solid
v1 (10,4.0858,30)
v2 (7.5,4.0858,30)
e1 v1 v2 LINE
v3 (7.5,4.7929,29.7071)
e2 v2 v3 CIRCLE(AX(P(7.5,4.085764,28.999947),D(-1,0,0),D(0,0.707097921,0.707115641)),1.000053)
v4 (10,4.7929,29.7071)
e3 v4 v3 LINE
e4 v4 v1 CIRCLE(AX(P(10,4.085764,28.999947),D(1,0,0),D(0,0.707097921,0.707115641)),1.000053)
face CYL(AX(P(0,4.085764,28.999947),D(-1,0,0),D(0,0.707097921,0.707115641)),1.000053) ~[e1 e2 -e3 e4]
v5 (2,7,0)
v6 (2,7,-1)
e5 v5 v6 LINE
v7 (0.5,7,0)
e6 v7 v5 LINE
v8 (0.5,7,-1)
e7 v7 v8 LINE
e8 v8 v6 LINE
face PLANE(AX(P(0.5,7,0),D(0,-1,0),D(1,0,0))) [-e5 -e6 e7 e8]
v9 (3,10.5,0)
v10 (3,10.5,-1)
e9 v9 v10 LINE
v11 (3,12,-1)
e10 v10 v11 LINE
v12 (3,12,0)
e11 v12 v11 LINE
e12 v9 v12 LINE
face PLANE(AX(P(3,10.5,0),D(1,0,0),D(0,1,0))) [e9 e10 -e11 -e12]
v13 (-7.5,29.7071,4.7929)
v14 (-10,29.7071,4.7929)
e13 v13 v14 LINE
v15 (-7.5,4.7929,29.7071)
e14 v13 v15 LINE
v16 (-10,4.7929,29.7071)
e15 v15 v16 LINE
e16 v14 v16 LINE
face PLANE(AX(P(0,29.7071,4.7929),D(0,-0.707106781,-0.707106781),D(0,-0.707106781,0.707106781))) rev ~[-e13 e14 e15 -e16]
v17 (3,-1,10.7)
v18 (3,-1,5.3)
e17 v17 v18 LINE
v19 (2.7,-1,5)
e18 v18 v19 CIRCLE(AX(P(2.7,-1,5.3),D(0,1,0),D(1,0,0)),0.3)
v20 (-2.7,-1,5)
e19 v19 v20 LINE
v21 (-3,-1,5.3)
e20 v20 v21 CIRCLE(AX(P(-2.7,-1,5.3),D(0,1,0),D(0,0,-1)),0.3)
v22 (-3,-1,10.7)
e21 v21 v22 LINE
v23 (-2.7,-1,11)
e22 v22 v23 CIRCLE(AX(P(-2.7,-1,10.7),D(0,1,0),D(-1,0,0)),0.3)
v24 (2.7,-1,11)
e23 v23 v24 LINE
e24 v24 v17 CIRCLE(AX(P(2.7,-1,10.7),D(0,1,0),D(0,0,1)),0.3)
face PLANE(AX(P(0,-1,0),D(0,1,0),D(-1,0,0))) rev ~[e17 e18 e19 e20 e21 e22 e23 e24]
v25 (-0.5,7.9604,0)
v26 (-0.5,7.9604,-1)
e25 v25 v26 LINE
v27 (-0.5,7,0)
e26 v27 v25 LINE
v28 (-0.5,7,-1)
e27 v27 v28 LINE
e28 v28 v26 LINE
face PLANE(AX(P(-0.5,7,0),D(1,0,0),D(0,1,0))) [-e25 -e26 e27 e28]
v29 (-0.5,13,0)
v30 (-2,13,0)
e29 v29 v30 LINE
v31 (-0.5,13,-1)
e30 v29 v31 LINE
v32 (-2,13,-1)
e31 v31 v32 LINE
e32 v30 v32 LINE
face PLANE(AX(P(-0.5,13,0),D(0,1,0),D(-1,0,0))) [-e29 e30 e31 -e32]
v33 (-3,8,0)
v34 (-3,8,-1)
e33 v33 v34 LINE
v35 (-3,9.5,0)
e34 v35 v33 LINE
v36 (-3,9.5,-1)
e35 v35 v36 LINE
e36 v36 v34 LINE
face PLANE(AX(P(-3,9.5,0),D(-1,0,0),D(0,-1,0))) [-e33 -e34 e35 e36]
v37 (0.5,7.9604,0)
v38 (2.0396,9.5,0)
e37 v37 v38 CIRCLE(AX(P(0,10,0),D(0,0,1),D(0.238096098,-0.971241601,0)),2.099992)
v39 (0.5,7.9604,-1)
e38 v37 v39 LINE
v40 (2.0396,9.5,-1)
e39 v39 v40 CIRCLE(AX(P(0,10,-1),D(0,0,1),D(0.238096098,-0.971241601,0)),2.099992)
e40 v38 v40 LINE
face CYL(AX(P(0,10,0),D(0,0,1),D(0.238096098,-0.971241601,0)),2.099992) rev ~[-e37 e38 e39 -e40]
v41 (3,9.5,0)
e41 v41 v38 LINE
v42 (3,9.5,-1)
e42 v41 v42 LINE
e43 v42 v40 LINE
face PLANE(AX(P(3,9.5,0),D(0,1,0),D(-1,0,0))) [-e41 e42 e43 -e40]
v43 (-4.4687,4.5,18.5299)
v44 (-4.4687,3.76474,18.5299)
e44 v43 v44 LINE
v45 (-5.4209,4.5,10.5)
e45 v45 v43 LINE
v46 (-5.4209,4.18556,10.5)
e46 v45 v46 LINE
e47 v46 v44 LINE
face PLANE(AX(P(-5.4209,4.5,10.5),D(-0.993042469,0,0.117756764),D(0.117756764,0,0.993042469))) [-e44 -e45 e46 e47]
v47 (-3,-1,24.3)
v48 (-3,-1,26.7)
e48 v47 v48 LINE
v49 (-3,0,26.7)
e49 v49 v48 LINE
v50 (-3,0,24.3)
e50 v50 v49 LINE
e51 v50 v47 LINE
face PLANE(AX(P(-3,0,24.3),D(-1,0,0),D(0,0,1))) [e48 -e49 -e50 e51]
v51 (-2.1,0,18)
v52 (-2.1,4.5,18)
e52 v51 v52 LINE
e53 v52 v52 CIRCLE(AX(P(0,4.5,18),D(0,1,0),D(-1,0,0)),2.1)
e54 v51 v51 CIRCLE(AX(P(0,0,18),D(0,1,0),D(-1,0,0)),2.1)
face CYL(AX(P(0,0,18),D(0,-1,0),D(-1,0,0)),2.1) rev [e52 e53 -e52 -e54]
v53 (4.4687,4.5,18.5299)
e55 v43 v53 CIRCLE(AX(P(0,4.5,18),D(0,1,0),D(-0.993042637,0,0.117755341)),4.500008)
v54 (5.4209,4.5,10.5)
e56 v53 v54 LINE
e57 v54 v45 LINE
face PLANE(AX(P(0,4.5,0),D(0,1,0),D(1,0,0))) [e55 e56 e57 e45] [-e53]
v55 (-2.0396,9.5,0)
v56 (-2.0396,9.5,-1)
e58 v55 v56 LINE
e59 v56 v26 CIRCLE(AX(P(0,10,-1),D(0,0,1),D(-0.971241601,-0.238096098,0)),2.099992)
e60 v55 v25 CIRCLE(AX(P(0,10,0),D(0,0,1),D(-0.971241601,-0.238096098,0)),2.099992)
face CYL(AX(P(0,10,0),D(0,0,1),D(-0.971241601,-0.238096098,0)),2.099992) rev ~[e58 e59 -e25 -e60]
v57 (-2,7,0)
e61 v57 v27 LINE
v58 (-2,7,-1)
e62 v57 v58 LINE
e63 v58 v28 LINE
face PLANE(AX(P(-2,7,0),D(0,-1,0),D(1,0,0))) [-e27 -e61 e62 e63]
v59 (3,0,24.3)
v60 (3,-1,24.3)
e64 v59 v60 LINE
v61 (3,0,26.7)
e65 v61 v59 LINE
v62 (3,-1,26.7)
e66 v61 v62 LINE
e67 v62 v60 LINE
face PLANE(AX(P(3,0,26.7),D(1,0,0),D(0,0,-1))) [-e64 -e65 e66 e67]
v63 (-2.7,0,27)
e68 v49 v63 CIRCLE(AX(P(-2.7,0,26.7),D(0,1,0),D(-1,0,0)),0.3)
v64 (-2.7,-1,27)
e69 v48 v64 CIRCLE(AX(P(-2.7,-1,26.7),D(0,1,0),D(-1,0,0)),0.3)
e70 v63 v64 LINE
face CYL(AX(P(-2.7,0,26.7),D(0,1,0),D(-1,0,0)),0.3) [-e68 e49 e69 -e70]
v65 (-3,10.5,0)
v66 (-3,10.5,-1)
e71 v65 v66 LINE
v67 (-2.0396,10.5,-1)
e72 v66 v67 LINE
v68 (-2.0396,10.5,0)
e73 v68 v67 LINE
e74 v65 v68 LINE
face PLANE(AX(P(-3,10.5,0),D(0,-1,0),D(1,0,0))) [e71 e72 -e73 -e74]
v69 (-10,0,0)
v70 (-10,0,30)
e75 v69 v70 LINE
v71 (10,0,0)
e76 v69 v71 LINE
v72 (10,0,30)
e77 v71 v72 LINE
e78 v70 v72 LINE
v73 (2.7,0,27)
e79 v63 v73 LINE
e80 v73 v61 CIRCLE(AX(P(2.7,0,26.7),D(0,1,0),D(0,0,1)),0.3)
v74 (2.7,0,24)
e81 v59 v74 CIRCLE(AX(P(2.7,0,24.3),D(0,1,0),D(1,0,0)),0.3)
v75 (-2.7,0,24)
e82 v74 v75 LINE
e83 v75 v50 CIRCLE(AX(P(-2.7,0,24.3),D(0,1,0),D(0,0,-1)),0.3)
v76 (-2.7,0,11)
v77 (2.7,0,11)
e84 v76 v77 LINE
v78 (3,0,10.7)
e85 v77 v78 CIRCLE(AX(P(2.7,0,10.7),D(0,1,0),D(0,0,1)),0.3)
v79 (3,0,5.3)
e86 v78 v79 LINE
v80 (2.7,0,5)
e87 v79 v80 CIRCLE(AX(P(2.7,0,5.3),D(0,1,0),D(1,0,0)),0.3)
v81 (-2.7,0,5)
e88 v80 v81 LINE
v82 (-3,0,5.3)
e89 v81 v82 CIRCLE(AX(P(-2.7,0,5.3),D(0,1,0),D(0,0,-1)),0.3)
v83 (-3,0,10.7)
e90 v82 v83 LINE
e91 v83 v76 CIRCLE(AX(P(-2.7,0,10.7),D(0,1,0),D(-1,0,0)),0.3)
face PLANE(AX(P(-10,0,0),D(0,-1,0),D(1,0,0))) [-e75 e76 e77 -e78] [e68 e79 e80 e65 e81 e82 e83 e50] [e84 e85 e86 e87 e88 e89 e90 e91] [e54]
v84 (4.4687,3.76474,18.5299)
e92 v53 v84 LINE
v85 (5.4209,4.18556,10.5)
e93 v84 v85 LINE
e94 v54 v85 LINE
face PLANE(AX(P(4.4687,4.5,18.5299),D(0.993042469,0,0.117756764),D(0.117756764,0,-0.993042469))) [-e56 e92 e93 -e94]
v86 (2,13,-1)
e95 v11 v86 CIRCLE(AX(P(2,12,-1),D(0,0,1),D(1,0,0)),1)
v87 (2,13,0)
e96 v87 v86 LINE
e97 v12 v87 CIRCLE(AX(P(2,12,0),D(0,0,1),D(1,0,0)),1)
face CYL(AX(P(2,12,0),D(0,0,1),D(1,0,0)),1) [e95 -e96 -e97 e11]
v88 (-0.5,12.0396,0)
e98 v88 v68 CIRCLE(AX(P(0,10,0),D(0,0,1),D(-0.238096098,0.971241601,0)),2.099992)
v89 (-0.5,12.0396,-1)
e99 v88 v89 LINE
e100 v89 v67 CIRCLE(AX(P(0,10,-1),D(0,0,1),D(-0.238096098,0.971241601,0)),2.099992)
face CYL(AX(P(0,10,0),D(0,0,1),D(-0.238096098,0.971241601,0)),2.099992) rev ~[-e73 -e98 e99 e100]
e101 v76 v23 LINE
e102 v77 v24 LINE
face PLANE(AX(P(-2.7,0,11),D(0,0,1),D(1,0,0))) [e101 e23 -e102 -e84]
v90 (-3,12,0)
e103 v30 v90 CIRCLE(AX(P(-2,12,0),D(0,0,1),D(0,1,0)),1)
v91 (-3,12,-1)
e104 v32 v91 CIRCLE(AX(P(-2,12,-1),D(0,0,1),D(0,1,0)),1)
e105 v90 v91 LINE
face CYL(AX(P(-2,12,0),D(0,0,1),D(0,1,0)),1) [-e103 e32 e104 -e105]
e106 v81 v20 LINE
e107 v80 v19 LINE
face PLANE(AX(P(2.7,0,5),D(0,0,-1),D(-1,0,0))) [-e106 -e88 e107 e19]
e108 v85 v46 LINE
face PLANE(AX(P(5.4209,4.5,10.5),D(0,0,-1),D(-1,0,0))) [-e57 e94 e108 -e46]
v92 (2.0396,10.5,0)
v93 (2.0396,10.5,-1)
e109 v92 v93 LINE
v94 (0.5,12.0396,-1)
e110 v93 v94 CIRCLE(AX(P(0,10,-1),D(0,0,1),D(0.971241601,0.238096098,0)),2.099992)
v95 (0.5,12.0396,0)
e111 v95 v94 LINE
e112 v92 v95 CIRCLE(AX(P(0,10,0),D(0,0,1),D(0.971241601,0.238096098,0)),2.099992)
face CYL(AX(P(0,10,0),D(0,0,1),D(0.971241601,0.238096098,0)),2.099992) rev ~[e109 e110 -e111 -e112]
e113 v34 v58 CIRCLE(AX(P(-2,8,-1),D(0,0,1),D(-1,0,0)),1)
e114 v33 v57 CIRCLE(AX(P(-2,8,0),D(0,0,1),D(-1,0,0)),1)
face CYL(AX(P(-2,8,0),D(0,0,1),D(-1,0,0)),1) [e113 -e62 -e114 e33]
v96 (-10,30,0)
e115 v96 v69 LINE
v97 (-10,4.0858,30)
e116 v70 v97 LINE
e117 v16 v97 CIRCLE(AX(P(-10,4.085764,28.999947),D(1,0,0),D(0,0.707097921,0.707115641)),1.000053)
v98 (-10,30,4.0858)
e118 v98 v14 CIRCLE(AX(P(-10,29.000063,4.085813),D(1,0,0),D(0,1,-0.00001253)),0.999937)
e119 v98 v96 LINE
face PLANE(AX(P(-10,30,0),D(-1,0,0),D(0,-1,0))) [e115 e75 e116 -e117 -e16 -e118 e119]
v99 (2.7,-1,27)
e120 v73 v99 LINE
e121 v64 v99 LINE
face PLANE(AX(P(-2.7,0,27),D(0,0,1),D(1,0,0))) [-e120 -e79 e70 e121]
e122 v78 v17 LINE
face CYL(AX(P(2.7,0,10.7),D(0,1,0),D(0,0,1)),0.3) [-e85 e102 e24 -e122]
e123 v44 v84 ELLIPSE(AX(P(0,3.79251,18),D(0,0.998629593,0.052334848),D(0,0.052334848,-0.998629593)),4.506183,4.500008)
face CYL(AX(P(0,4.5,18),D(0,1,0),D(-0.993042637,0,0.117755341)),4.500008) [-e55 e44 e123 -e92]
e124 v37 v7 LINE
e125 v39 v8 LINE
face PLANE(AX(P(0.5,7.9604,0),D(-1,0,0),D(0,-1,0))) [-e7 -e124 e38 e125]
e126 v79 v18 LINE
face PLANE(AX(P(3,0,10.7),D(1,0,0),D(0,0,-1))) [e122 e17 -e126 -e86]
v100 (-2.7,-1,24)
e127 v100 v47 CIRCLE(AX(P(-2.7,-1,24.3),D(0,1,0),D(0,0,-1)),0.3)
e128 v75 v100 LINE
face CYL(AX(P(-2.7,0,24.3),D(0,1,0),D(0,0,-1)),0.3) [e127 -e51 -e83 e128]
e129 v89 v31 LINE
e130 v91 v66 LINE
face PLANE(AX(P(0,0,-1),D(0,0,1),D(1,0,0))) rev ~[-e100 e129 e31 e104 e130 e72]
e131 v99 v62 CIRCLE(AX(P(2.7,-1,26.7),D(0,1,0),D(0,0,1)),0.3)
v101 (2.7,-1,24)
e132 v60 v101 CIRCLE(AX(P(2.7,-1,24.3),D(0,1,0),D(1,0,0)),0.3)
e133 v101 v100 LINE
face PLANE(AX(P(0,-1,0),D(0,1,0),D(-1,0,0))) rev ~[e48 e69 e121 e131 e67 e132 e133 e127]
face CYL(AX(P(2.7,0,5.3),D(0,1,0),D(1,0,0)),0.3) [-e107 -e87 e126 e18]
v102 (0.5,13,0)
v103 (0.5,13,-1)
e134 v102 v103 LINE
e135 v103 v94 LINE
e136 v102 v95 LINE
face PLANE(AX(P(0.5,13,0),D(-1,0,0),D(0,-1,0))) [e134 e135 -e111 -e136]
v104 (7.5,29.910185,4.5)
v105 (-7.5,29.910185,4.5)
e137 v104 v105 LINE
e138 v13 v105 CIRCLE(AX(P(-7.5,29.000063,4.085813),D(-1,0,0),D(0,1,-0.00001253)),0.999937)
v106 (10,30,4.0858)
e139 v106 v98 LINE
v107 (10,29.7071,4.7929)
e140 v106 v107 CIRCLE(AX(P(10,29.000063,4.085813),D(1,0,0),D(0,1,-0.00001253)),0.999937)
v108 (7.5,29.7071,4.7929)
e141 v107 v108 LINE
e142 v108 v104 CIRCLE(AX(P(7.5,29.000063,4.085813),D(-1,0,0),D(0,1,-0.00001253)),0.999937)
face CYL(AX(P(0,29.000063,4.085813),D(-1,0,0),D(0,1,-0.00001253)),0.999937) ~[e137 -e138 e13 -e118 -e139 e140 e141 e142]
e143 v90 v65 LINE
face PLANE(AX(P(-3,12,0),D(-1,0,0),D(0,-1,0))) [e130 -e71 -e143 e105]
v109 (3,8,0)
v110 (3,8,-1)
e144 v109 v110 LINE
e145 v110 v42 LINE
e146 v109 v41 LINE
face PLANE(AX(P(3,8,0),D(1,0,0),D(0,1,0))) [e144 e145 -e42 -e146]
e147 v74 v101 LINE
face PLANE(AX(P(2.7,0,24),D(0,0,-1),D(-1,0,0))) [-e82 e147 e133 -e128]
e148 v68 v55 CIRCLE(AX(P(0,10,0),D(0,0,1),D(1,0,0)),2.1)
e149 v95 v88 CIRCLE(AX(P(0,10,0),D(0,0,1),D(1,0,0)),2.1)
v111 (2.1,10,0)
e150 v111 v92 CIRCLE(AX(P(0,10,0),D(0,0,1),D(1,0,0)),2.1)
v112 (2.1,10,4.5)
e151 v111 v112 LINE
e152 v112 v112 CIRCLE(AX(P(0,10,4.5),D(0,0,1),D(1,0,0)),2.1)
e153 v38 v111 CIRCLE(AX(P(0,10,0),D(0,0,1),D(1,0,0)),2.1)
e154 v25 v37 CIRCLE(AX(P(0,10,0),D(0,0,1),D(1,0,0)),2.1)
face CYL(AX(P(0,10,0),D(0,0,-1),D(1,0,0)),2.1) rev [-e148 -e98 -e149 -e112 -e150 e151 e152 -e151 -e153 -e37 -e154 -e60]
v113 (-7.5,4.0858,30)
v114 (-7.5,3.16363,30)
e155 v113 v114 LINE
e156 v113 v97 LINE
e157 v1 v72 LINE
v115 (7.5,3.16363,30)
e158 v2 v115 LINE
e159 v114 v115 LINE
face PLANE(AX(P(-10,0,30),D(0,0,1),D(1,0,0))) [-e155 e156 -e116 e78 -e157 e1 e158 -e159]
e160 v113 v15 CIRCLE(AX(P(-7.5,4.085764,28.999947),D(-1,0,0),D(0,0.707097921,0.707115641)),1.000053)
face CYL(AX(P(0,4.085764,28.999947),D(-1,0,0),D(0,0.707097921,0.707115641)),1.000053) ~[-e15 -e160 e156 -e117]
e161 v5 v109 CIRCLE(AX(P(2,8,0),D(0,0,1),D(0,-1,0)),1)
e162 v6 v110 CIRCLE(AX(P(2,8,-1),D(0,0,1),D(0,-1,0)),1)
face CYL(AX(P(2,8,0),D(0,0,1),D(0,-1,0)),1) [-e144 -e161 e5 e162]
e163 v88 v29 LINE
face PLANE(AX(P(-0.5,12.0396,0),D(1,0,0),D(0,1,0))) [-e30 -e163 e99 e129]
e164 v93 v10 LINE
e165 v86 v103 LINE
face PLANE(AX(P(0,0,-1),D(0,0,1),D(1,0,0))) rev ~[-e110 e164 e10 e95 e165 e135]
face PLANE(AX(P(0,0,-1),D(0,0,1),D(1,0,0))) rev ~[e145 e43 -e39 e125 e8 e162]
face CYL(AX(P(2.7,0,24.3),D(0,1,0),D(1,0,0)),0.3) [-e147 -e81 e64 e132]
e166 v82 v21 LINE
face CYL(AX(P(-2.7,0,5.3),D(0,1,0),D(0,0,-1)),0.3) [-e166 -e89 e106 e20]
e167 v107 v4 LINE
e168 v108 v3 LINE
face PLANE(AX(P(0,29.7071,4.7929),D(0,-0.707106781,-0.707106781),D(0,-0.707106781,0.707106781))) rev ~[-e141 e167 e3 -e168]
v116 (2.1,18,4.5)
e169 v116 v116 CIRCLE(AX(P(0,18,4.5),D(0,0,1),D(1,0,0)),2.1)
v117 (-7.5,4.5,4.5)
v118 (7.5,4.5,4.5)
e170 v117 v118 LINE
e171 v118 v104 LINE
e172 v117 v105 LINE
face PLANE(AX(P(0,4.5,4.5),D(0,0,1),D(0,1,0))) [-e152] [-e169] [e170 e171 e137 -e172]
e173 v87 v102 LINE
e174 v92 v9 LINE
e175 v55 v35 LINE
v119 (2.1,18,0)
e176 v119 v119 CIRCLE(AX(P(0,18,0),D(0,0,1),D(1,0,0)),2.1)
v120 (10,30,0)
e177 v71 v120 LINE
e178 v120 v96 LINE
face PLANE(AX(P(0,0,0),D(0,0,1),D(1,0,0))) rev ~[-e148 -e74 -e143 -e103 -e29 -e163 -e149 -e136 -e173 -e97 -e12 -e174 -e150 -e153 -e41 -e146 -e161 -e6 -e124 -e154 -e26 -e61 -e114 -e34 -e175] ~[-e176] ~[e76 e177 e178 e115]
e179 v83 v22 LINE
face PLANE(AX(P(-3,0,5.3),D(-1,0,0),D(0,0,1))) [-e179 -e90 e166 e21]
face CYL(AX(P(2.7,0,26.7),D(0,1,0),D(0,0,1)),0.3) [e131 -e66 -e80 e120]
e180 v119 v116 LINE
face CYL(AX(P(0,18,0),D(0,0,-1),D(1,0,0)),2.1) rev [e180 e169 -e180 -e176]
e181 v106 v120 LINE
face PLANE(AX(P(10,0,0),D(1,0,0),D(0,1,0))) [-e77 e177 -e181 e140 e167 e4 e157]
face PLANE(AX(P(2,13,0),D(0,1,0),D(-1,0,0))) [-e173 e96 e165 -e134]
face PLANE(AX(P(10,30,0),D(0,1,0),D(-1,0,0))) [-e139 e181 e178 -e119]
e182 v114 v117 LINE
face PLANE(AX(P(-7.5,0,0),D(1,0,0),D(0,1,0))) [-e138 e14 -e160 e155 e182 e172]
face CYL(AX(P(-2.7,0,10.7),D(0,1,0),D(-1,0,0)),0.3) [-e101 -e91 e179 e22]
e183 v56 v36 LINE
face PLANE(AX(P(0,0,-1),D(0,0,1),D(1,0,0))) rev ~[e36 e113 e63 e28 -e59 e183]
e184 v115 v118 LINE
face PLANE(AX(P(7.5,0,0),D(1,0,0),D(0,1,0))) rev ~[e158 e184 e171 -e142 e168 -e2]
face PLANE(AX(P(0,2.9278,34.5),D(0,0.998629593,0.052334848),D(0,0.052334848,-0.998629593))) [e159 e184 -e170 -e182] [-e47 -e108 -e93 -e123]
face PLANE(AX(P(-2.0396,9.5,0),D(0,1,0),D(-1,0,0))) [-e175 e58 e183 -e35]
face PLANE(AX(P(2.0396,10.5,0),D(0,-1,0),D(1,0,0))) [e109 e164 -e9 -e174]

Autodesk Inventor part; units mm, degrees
ref_plane "YZ Plane" through (0, 0, 0) normal (1, 0, 0) x (0, 1, 0)
ref_plane "XZ Plane" through (0, 0, 0) normal (0, 1, 0) x (-1, 0, 0)
ref_plane "XY Plane" through (0, 0, 0) normal (0, 0, 1) x (1, 0, 0)
sketch "Sketch_15" plane through (0, 0, 0) normal (1, 0, 0) x (0, 1, 0)
  line L0 (0, 30) -> (0, 0)
  line L1 (0, 0) -> (30, 0)
  line L2 (30, 0) -> (30, 4.0858)
  arc A0 (30, 4.0858) -> (29.7071, 4.7929) centre (29, 4.0858) ccw
  line L3 (29.7071, 4.7929) -> (4.7929, 29.7071)
  arc A1 (4.7929, 29.7071) -> (4.0858, 30) centre (4.0858, 29) ccw
  line L4 (4.0858, 30) -> (0, 30)
extrude "Extrusion1" add sketch "Sketch_15" along normal mid plane 20
sketch "Sketch_16" plane through (0, 0, 0) normal (1, 0, 0) x (0, 1, 0)
  line L0 (2.9278, 34.5) -> (4.5, 4.5)
  line L1 (4.5, 4.5) -> (34.5, 4.5)
  line L2 (34.5, 4.5) -> (34.5, 34.5)
  line L3 (34.5, 34.5) -> (2.9278, 34.5)
extrude "Extrusion2" cut sketch "Sketch_16" along normal mid plane 15
sketch "Sketch_17" plane through (0, 4.5, 0) normal (0, 1, 0) x (1, 0, 0)
  line L0 (-5.4209, -10.5) -> (-4.4687, -18.5299)
  arc A0 (-4.4687, -18.5299) -> (4.4687, -18.5299) centre (0, -18) ccw
  line L1 (4.4687, -18.5299) -> (5.4209, -10.5)
  line L2 (5.4209, -10.5) -> (-5.4209, -10.5)
extrude "Extrusion3" add sketch "Sketch_17" against normal blind 2.25
sketch "Sketch_2" plane through (0, 0, 0) normal (0, 0, 1) x (1, 0, 0)
  circle A0 centre (0, 18) radius 2.1
extrude "Extrusion4" cut sketch "Sketch_2" along normal blind 4.5
sketch "Sketch_9" plane through (0, 0, 0) normal (0, 0, 1) x (1, 0, 0)
  circle A0 centre (0, 10) radius 2.1
extrude "Extrusion5" cut sketch "Sketch_9" along normal blind 4.5
sketch "Sketch_3" plane through (0, 0, 0) normal (0, 1, 0) x (-1, 0, 0)
  circle A0 centre (0, 18) radius 2.1
extrude "Extrusion6" cut sketch "Sketch_3" along normal blind 4.5
sketch "Sketch_1" plane through (0, 0, 0) normal (0, 1, 0) x (-1, 0, 0)
  line L0 (10, 0) -> (10, 30)
  line L1 (10, 30) -> (-10, 30)
  line L2 (-10, 30) -> (-10, 0)
  line L3 (-10, 0) -> (10, 0)
extrude "Extrusion7" add sketch "Sketch_1" against normal blind 1
sketch "Sketch_4" plane through (0, 0, 0) normal (0, 1, 0) x (-1, 0, 0)
  line L0 (10, 0) -> (10, 30)
  line L1 (10, 30) -> (-10, 30)
  line L2 (-10, 30) -> (-10, 0)
  line L3 (-10, 0) -> (10, 0)
  arc A0 (3, 10.7) -> (2.7, 11) centre (2.7, 10.7) ccw
  line L4 (2.7, 11) -> (-2.7, 11)
  arc A1 (-2.7, 11) -> (-3, 10.7) centre (-2.7, 10.7) ccw
  line L5 (-3, 10.7) -> (-3, 5.3)
  arc A2 (-3, 5.3) -> (-2.7, 5) centre (-2.7, 5.3) ccw
  line L6 (-2.7, 5) -> (2.7, 5)
  arc A3 (2.7, 5) -> (3, 5.3) centre (2.7, 5.3) ccw
  line L7 (3, 5.3) -> (3, 10.7)
  arc A4 (3, 26.7) -> (2.7, 27) centre (2.7, 26.7) ccw
  line L8 (2.7, 27) -> (-2.7, 27)
  arc A5 (-2.7, 27) -> (-3, 26.7) centre (-2.7, 26.7) ccw
  line L9 (-3, 26.7) -> (-3, 24.3)
  arc A6 (-3, 24.3) -> (-2.7, 24) centre (-2.7, 24.3) ccw
  line L10 (-2.7, 24) -> (2.7, 24)
  arc A7 (2.7, 24) -> (3, 24.3) centre (2.7, 24.3) ccw
  line L11 (3, 24.3) -> (3, 26.7)
extrude "Extrusion8" cut sketch "Sketch_4" against normal blind 1
sketch "Sketch_10" plane through (0, 0, 0) normal (0, 0, 1) x (1, 0, 0)
  line L0 (-10, 0) -> (10, 0)
  line L1 (10, 0) -> (10, 30)
  line L2 (10, 30) -> (-10, 30)
  line L3 (-10, 30) -> (-10, 0)
extrude "Extrusion9" add sketch "Sketch_10" against normal blind 1
sketch "Sketch_11" plane through (0, 0, 0) normal (0, 0, 1) x (1, 0, 0)
  line L0 (-10, 0) -> (10, 0)
  line L1 (10, 0) -> (10, 30)
  line L2 (10, 30) -> (-10, 30)
  line L3 (-10, 30) -> (-10, 0)
  line L4 (0.5, 7) -> (2, 7)
  arc A0 (2, 7) -> (3, 8) centre (2, 8) ccw
  line L5 (3, 8) -> (3, 9.5)
  line L6 (3, 9.5) -> (2.0396, 9.5)
  arc A1 (0.5, 7.9604) -> (2.0396, 9.5) centre (0, 10) ccw
  line L7 (0.5, 7.9604) -> (0.5, 7)
  line L8 (0.5, 13) -> (0.5, 12.0396)
  arc A2 (2.0396, 10.5) -> (0.5, 12.0396) centre (0, 10) ccw
  line L9 (2.0396, 10.5) -> (3, 10.5)
  line L10 (3, 10.5) -> (3, 12)
  arc A3 (3, 12) -> (2, 13) centre (2, 12) ccw
  line L11 (2, 13) -> (0.5, 13)
  line L12 (-3, 9.5) -> (-3, 8)
  arc A4 (-3, 8) -> (-2, 7) centre (-2, 8) ccw
  line L13 (-2, 7) -> (-0.5, 7)
  line L14 (-0.5, 7) -> (-0.5, 7.9604)
  arc A5 (-2.0396, 9.5) -> (-0.5, 7.9604) centre (0, 10) ccw
  line L15 (-2.0396, 9.5) -> (-3, 9.5)
  line L16 (-3, 10.5) -> (-2.0396, 10.5)
  arc A6 (-0.5, 12.0396) -> (-2.0396, 10.5) centre (0, 10) ccw
  line L17 (-0.5, 12.0396) -> (-0.5, 13)
  line L18 (-0.5, 13) -> (-2, 13)
  arc A7 (-2, 13) -> (-3, 12) centre (-2, 12) ccw
  line L19 (-3, 12) -> (-3, 10.5)
extrude "Extrusion10" cut sketch "Sketch_11" against normal blind 1
properties part number "HBLFSN5-4hblfsn5"
